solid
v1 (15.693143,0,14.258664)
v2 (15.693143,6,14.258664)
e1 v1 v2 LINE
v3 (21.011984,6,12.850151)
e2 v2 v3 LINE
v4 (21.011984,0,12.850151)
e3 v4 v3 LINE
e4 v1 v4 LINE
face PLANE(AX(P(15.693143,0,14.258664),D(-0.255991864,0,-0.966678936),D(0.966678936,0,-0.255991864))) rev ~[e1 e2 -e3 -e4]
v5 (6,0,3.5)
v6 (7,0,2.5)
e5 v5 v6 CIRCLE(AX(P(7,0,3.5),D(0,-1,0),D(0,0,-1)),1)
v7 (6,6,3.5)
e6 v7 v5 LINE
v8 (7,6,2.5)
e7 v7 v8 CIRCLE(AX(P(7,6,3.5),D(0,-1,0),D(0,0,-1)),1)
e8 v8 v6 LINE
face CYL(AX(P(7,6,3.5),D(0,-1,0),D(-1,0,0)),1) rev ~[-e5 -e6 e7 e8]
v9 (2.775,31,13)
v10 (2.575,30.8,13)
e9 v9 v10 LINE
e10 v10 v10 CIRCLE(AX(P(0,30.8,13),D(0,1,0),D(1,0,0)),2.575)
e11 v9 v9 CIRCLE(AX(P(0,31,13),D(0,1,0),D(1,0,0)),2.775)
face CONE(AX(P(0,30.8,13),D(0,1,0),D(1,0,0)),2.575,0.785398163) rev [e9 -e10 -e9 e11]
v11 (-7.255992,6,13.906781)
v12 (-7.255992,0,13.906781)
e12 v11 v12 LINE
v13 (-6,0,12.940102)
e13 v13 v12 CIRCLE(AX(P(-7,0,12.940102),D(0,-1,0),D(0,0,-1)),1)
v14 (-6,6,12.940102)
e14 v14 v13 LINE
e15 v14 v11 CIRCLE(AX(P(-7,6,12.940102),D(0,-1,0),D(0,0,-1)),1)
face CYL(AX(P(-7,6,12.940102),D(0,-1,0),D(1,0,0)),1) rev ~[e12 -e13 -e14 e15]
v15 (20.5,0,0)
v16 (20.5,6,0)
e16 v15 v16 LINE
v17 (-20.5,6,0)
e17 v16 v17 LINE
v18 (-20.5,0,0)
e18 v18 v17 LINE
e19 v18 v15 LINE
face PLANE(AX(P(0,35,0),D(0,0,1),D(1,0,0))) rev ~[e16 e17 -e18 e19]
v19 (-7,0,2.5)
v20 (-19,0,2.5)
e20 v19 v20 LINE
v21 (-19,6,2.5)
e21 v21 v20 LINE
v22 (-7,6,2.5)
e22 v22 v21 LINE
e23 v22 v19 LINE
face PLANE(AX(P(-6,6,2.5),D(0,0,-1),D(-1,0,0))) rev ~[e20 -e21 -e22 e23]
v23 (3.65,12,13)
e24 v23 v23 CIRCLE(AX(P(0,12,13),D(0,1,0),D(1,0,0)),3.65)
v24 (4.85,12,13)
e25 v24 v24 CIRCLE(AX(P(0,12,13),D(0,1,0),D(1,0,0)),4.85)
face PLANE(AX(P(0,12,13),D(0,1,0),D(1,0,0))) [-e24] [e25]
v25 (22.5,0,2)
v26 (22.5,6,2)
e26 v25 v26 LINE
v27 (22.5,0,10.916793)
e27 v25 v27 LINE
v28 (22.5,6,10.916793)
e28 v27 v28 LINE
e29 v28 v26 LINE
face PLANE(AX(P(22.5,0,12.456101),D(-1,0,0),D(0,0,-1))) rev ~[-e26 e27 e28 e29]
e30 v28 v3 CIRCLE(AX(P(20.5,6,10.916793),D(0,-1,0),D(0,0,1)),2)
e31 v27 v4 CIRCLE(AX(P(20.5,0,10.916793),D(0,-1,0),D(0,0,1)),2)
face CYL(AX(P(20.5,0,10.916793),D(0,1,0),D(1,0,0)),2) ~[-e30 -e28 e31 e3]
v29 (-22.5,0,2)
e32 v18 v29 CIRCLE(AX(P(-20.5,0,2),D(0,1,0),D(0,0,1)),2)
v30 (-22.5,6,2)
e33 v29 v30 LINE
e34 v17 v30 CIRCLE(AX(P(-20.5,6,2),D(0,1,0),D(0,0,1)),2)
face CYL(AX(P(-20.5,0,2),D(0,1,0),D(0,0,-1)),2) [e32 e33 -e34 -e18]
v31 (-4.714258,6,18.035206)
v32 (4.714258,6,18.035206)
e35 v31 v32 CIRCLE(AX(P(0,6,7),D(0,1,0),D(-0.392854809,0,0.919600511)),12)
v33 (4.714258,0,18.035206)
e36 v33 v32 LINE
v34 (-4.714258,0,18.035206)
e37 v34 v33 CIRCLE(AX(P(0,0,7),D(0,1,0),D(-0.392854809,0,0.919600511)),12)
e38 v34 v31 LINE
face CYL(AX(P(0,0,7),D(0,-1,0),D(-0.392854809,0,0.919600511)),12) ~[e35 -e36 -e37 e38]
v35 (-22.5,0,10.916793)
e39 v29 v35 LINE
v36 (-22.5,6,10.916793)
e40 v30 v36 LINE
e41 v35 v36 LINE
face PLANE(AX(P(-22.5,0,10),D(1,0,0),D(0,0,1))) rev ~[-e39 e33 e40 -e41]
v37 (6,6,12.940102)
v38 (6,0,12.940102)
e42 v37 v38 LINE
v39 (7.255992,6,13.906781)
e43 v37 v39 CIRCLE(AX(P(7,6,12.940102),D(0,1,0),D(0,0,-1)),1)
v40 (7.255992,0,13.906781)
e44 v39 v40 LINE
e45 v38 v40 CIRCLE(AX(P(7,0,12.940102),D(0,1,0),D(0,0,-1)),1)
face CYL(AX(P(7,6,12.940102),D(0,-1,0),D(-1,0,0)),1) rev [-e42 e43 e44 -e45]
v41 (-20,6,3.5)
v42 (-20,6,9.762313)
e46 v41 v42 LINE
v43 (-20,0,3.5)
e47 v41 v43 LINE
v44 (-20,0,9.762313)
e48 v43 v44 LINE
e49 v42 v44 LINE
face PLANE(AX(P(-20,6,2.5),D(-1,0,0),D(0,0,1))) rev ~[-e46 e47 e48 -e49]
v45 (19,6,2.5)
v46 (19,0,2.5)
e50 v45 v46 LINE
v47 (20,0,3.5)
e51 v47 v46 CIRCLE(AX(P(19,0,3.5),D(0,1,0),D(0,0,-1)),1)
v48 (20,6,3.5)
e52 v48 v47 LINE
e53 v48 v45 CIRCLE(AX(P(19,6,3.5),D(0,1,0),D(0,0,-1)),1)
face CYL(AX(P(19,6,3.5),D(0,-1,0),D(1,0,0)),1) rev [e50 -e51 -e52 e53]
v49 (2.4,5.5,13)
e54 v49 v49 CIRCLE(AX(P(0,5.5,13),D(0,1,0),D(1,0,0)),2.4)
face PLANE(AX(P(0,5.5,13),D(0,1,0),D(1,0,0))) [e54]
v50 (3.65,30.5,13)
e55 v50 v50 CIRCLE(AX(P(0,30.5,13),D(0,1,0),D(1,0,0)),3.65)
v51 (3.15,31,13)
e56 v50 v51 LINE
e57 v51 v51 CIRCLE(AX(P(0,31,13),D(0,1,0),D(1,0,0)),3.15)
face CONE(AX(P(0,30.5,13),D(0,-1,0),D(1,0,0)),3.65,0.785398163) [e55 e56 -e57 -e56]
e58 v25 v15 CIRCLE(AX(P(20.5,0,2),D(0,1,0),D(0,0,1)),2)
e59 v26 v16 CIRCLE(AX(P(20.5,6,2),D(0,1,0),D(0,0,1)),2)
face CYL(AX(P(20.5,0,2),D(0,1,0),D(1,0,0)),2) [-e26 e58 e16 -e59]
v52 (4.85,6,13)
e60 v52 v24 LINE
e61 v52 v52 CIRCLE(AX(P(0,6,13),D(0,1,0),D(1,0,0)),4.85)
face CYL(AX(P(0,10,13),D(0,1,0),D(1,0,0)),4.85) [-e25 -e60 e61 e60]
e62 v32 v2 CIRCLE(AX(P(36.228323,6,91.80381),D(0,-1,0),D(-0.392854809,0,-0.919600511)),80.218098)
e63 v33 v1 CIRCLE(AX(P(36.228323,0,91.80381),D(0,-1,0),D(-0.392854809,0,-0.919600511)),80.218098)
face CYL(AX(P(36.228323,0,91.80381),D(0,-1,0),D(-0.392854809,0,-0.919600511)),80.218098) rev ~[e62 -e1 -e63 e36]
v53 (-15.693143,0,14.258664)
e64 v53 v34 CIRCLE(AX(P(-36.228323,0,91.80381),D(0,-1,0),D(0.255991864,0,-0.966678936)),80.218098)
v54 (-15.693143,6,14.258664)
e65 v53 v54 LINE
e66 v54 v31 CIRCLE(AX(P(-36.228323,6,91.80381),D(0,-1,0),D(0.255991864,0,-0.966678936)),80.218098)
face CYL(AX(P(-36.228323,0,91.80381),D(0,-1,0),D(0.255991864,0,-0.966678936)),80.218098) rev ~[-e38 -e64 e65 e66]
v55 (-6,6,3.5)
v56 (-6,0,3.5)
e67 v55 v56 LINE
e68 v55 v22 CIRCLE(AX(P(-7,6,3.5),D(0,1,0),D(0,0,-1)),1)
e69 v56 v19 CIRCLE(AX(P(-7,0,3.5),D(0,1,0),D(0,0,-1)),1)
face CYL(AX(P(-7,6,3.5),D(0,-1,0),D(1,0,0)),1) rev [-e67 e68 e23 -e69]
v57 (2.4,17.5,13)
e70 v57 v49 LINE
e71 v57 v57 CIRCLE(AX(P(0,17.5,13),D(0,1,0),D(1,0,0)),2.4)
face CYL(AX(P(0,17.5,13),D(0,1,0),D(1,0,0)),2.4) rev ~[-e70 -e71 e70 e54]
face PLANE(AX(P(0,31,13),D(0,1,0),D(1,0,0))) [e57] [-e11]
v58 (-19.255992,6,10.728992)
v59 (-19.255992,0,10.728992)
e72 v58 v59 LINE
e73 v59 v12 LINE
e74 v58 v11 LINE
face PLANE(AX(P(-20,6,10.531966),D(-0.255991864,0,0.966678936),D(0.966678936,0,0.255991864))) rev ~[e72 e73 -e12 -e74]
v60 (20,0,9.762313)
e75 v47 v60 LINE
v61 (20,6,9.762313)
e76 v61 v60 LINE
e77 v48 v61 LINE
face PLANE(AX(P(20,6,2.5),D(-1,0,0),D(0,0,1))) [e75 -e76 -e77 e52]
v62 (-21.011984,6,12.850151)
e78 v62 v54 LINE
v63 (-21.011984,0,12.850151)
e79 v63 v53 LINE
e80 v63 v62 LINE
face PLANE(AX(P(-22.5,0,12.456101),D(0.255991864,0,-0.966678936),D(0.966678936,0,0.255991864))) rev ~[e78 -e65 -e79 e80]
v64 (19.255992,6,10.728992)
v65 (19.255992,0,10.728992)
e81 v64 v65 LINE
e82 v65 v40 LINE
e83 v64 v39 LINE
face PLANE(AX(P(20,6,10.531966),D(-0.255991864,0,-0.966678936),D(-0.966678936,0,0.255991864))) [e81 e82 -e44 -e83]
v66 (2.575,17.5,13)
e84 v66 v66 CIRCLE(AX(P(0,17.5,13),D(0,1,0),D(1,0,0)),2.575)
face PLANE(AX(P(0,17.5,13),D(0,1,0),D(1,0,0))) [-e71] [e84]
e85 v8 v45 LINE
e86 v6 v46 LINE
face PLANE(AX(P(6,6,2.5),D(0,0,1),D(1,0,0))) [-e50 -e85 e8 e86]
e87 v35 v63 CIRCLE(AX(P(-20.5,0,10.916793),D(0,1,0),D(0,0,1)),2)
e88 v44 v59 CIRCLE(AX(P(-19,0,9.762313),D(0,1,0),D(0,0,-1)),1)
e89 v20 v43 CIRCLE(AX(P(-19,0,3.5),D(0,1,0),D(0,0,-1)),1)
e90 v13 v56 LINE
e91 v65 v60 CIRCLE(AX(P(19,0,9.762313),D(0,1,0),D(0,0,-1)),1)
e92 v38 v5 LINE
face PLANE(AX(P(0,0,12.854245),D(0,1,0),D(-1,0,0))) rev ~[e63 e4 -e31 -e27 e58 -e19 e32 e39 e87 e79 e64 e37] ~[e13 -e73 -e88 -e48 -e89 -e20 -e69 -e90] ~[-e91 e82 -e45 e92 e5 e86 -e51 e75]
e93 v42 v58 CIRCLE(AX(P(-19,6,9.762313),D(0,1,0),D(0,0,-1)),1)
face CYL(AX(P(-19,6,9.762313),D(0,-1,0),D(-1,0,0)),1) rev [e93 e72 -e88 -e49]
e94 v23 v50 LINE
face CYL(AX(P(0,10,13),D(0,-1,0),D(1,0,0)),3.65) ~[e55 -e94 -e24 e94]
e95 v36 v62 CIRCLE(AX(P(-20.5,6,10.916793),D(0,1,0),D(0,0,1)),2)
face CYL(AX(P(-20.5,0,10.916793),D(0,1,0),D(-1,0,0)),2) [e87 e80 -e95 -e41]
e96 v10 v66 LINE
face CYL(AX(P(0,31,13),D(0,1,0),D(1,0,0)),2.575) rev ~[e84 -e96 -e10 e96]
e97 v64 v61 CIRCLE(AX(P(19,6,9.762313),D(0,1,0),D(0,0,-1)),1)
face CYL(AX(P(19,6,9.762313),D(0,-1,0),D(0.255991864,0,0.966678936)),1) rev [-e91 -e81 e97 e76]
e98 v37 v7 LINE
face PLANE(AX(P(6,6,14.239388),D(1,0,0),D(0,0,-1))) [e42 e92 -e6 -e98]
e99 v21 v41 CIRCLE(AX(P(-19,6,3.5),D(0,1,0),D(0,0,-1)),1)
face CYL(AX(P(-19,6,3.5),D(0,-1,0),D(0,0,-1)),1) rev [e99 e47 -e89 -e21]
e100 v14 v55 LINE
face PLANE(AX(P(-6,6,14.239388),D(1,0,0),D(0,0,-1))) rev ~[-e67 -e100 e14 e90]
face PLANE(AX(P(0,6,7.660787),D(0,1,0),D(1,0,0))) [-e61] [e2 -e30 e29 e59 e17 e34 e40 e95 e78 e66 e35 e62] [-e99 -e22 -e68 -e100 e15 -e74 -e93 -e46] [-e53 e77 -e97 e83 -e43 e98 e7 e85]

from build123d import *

# Parameters (mm, degrees)
SKETCH2_W               = 45
SKETCH2_H               = 70
SKETCH2_W_2             = 25
SKETCH2_H_2             = 50
BOSS_EXTRUDE2_DEPTH     = 10
CUT_EXTRUDE1_REACH      = 72
BOSS_EXTRUDE3_DEPTH     = 10
SKETCH6_R               = 3.65
BOSS_EXTRUDE4_DEPTH     = 16
BOSS_EXTRUDE5_DEPTH     = 10
BOSS_EXTRUDE8_DEPTH     = 8
SKETCH9_W               = 6
SKETCH9_H               = 16.4
CUT_EXTRUDE2_DEPTH      = 6
CUT_EXTRUDE3_DEPTH      = 15.5
CUT_EXTRUDE3_DEPTH_BACK = 31.5
SKETCH11_W              = 63.799799384
SKETCH11_H              = 31.786722146
CUT_EXTRUDE4_DEPTH      = 77
SKETCH12_R              = 3.65
BOSS_EXTRUDE9_DEPTH     = 21
SKETCH13_R              = 4.85
SKETCH13_R_2            = 3.65
BOSS_EXTRUDE10_DEPTH    = 2
SKETCH14_R              = 4.85
CUT_EXTRUDE6_DEPTH      = 4
CUT_EXTRUDE7_DEPTH      = 7
FILLET1_R               = 1
SKETCH16_R              = 2.575
CUT_EXTRUDE8_DEPTH      = 13.5
CHAMFER1_SIZE           = 0.5
CHAMFER2_SIZE           = 0.2
SKETCH17_R              = 2.4
CUT_EXTRUDE9_DEPTH      = 12
FILLET2_R               = 2


with BuildPart() as part:
    # Sketch2 → Boss-Extrude2 (new body)
    with BuildSketch(Plane.XY):
        with Locations((0, 35)):
            Rectangle(SKETCH2_W, SKETCH2_H)
        with Locations((0, 35)):
            Rectangle(SKETCH2_W_2, SKETCH2_H_2, mode=Mode.SUBTRACT)
    extrude(amount=BOSS_EXTRUDE2_DEPTH)

    # Sketch3 → Cut-Extrude1 (cut, up to next)
    with BuildSketch(Plane(origin=(0, 70, 0), x_dir=(1, 0, 0), z_dir=(0, 1, 0)), mode=Mode.PRIVATE) as cut_extrude1_sk1:
        Polygon((-12, 0), (-12, -4), (-5, -4), (-5, -8), (5, -8), (5, -4), (12, -4), (12, 0), align=None)
    cut_extrude1_tool1 = extrude(cut_extrude1_sk1.sketch, amount=-CUT_EXTRUDE1_REACH, mode=Mode.PRIVATE) & part.part
    add(cut_extrude1_tool1.solids().sort_by_distance((0, 70, 3.176471))[0], mode=Mode.SUBTRACT)

    # Sketch4 → Boss-Extrude3 (add)
    with BuildSketch(Plane(origin=(0, 70, 0), x_dir=(1, 0, 0), z_dir=(0, 1, 0))):
        with BuildLine():
            Line((-12, -10), (12, -10))
            ThreePointArc((12, -10), (7.5, -11.5), (4.8, -15.4))
            ThreePointArc((4.8, -15.4), (0, -19), (-4.8, -15.4))
            ThreePointArc((-4.8, -15.4), (-7.5, -11.5), (-12, -10))
        make_face()
    extrude(amount=-BOSS_EXTRUDE3_DEPTH)

    # Sketch6 → Boss-Extrude4 (add)
    with BuildSketch(Plane(origin=(0, 70, 0), x_dir=(1, 0, 0), z_dir=(0, 1, 0))):
        with Locations((0, -13)):
            Circle(SKETCH6_R)
    extrude(amount=BOSS_EXTRUDE4_DEPTH)

    # Sketch7 → Boss-Extrude5 (add)
    with BuildSketch(Plane.XZ):
        with BuildLine():
            Line((-22.5, 10), (-22.5, 12.456100996))
            Line((-22.5, 12.456100996), (-15.693142744, 14.258664405))
            ThreePointArc((-15.693142744, 14.258664405), (-10.135286431, 15.948047702), (-4.714257706, 18.035206128))
            ThreePointArc((-4.714257706, 18.035206128), (0, 19), (4.714257706, 18.035206128))
            ThreePointArc((4.714257706, 18.035206128), (10.135286431, 15.948047702), (15.693142744, 14.258664405))
            Line((15.693142744, 14.258664405), (22.5, 12.456100996))
            Line((22.5, 12.456100996), (22.5, 10))
            Line((22.5, 10), (-22.5, 10))
        make_face()
    extrude(amount=-BOSS_EXTRUDE5_DEPTH)

    # Sketch8 → Boss-Extrude8 (add, symmetric)
    with BuildSketch(Plane(origin=(0, 0, 0), x_dir=(0, 0, -1), z_dir=(1, 0, 0))):
        Polygon((-19, 66.9), (-23, 66.9), (-23, 50.5), (-19.5, 50.5), (-10, 60), (-10, 66.9), align=None)
    extrude(amount=BOSS_EXTRUDE8_DEPTH, both=True)

    # Sketch9 → Cut-Extrude2 (cut)
    with BuildSketch(Plane.XY.offset(23)):
        with Locations((0, 58.7)):
            Rectangle(SKETCH9_W, SKETCH9_H)
    extrude(amount=-CUT_EXTRUDE2_DEPTH, mode=Mode.SUBTRACT)

    # Sketch10 → Cut-Extrude3 (cut, two sides)
    with BuildSketch(Plane.ZY.offset(8)) as cut_extrude3_sk:
        with BuildLine():
            Line((18.35, 64.4), (18.35, 54.4))
            ThreePointArc((18.35, 54.4), (20, 52.75), (21.65, 54.4))
            Line((21.65, 54.4), (21.65, 64.4))
            ThreePointArc((21.65, 64.4), (20, 66.05), (18.35, 64.4))
        make_face()
    extrude(amount=CUT_EXTRUDE3_DEPTH, mode=Mode.SUBTRACT)
    extrude(cut_extrude3_sk.sketch, amount=-CUT_EXTRUDE3_DEPTH_BACK, mode=Mode.SUBTRACT)

    # Sketch11 → Cut-Extrude4 (cut, through all)
    with BuildSketch(Plane(origin=(0, 10, 0), x_dir=(1, 0, 0), z_dir=(0, 1, 0))):
        with Locations((-0.274859754, -9.346463675)):
            Rectangle(SKETCH11_W, SKETCH11_H)
    extrude(amount=CUT_EXTRUDE4_DEPTH, mode=Mode.SUBTRACT)

    # Sketch12 → Boss-Extrude9 (add)
    with BuildSketch(Plane(origin=(0, 10, 0), x_dir=(1, 0, 0), z_dir=(0, 1, 0))):
        with Locations((0, -13)):
            Circle(SKETCH12_R)
    extrude(amount=BOSS_EXTRUDE9_DEPTH)

    # Sketch13 → Boss-Extrude10 (add)
    with BuildSketch(Plane(origin=(0, 10, 0), x_dir=(1, 0, 0), z_dir=(0, 1, 0))):
        with Locations((0, -13)):
            Circle(SKETCH13_R)
        with Locations((0, -13)):
            Circle(SKETCH13_R_2, mode=Mode.SUBTRACT)
    extrude(amount=BOSS_EXTRUDE10_DEPTH)

    # Sketch14 → Cut-Extrude6 (cut)
    with BuildSketch(Plane(origin=(0, 10, 0), x_dir=(1, 0, 0), z_dir=(0, 1, 0))):
        with BuildLine():
            Line((22.5, -12.456100996), (22.5, 0))
            Line((22.5, 0), (-22.5, 0))
            Line((-22.5, 0), (-22.5, -12.456100996))
            Line((-22.5, -12.456100996), (-15.693142744, -14.258664405))
            ThreePointArc((-15.693142744, -14.258664405), (-10.135286431, -15.948047702), (-4.714257706, -18.035206128))
            ThreePointArc((-4.714257706, -18.035206128), (0, -19), (4.714257706, -18.035206128))
            ThreePointArc((4.714257706, -18.035206128), (10.135286431, -15.948047702), (15.693142744, -14.258664405))
            Line((15.693142744, -14.258664405), (22.5, -12.456100996))
        make_face()
        with Locations((0, -13)):
            Circle(SKETCH14_R, mode=Mode.SUBTRACT)
    extrude(amount=-CUT_EXTRUDE6_DEPTH, mode=Mode.SUBTRACT)

    # Sketch15 → Cut-Extrude7 (cut, through all)
    with BuildSketch(Plane(origin=(0, 6, 0), x_dir=(1, 0, 0), z_dir=(0, 1, 0))):
        Polygon((6, -2.5), (20, -2.5), (20, -10.531966446), (6, -14.239387769), align=None)
        Polygon((-6, -14.239387769), (-6, -2.5), (-20, -2.5), (-20, -10.531966446), align=None)
    extrude(amount=-CUT_EXTRUDE7_DEPTH, mode=Mode.SUBTRACT)

    # Fillet1
    fillet1_edges = [part.edges().sort_by_distance(p)[0] for p in [
        (20, 3, 2.5),
        (20, 3, 10.531966446),
        (6, 3, 14.239387769),
        (6, 3, 2.5),
        (-6, 3, 14.239387769),
        (-20, 3, 10.531966446),
        (-20, 3, 2.5),
        (-6, 3, 2.5),
    ]]
    fillet(fillet1_edges, radius=FILLET1_R)

    # Sketch16 → Cut-Extrude8 (cut)
    with BuildSketch(Plane(origin=(0, 31, 0), x_dir=(1, 0, 0), z_dir=(0, 1, 0))):
        with Locations((0, -13)):
            Circle(SKETCH16_R)
    extrude(amount=-CUT_EXTRUDE8_DEPTH, mode=Mode.SUBTRACT)

    # Chamfer1
    chamfer1_edges = [part.edges().sort_by_distance(p)[0] for p in [
        (-3.65, 31, 13),
    ]]
    chamfer(chamfer1_edges, length=CHAMFER1_SIZE)

    # Chamfer2
    chamfer2_edges = [part.edges().sort_by_distance(p)[0] for p in [
        (-2.575, 31, 13),
    ]]
    chamfer(chamfer2_edges, length=CHAMFER2_SIZE)

    # Sketch17 → Cut-Extrude9 (cut)
    with BuildSketch(Plane(origin=(0, 17.5, 0), x_dir=(1, 0, 0), z_dir=(0, 1, 0))):
        with Locations((0, -13)):
            Circle(SKETCH17_R)
    extrude(amount=-CUT_EXTRUDE9_DEPTH, mode=Mode.SUBTRACT)

    # Fillet2
    fillet2_edges = [part.edges().sort_by_distance(p)[0] for p in [
        (-22.5, 3, 12.456100996),
        (22.5, 3, 12.456100996),
        (-22.5, 3, 0),
        (22.5, 3, 0),
    ]]
    fillet(fillet2_edges, radius=FILLET2_R)


solid = part.part
